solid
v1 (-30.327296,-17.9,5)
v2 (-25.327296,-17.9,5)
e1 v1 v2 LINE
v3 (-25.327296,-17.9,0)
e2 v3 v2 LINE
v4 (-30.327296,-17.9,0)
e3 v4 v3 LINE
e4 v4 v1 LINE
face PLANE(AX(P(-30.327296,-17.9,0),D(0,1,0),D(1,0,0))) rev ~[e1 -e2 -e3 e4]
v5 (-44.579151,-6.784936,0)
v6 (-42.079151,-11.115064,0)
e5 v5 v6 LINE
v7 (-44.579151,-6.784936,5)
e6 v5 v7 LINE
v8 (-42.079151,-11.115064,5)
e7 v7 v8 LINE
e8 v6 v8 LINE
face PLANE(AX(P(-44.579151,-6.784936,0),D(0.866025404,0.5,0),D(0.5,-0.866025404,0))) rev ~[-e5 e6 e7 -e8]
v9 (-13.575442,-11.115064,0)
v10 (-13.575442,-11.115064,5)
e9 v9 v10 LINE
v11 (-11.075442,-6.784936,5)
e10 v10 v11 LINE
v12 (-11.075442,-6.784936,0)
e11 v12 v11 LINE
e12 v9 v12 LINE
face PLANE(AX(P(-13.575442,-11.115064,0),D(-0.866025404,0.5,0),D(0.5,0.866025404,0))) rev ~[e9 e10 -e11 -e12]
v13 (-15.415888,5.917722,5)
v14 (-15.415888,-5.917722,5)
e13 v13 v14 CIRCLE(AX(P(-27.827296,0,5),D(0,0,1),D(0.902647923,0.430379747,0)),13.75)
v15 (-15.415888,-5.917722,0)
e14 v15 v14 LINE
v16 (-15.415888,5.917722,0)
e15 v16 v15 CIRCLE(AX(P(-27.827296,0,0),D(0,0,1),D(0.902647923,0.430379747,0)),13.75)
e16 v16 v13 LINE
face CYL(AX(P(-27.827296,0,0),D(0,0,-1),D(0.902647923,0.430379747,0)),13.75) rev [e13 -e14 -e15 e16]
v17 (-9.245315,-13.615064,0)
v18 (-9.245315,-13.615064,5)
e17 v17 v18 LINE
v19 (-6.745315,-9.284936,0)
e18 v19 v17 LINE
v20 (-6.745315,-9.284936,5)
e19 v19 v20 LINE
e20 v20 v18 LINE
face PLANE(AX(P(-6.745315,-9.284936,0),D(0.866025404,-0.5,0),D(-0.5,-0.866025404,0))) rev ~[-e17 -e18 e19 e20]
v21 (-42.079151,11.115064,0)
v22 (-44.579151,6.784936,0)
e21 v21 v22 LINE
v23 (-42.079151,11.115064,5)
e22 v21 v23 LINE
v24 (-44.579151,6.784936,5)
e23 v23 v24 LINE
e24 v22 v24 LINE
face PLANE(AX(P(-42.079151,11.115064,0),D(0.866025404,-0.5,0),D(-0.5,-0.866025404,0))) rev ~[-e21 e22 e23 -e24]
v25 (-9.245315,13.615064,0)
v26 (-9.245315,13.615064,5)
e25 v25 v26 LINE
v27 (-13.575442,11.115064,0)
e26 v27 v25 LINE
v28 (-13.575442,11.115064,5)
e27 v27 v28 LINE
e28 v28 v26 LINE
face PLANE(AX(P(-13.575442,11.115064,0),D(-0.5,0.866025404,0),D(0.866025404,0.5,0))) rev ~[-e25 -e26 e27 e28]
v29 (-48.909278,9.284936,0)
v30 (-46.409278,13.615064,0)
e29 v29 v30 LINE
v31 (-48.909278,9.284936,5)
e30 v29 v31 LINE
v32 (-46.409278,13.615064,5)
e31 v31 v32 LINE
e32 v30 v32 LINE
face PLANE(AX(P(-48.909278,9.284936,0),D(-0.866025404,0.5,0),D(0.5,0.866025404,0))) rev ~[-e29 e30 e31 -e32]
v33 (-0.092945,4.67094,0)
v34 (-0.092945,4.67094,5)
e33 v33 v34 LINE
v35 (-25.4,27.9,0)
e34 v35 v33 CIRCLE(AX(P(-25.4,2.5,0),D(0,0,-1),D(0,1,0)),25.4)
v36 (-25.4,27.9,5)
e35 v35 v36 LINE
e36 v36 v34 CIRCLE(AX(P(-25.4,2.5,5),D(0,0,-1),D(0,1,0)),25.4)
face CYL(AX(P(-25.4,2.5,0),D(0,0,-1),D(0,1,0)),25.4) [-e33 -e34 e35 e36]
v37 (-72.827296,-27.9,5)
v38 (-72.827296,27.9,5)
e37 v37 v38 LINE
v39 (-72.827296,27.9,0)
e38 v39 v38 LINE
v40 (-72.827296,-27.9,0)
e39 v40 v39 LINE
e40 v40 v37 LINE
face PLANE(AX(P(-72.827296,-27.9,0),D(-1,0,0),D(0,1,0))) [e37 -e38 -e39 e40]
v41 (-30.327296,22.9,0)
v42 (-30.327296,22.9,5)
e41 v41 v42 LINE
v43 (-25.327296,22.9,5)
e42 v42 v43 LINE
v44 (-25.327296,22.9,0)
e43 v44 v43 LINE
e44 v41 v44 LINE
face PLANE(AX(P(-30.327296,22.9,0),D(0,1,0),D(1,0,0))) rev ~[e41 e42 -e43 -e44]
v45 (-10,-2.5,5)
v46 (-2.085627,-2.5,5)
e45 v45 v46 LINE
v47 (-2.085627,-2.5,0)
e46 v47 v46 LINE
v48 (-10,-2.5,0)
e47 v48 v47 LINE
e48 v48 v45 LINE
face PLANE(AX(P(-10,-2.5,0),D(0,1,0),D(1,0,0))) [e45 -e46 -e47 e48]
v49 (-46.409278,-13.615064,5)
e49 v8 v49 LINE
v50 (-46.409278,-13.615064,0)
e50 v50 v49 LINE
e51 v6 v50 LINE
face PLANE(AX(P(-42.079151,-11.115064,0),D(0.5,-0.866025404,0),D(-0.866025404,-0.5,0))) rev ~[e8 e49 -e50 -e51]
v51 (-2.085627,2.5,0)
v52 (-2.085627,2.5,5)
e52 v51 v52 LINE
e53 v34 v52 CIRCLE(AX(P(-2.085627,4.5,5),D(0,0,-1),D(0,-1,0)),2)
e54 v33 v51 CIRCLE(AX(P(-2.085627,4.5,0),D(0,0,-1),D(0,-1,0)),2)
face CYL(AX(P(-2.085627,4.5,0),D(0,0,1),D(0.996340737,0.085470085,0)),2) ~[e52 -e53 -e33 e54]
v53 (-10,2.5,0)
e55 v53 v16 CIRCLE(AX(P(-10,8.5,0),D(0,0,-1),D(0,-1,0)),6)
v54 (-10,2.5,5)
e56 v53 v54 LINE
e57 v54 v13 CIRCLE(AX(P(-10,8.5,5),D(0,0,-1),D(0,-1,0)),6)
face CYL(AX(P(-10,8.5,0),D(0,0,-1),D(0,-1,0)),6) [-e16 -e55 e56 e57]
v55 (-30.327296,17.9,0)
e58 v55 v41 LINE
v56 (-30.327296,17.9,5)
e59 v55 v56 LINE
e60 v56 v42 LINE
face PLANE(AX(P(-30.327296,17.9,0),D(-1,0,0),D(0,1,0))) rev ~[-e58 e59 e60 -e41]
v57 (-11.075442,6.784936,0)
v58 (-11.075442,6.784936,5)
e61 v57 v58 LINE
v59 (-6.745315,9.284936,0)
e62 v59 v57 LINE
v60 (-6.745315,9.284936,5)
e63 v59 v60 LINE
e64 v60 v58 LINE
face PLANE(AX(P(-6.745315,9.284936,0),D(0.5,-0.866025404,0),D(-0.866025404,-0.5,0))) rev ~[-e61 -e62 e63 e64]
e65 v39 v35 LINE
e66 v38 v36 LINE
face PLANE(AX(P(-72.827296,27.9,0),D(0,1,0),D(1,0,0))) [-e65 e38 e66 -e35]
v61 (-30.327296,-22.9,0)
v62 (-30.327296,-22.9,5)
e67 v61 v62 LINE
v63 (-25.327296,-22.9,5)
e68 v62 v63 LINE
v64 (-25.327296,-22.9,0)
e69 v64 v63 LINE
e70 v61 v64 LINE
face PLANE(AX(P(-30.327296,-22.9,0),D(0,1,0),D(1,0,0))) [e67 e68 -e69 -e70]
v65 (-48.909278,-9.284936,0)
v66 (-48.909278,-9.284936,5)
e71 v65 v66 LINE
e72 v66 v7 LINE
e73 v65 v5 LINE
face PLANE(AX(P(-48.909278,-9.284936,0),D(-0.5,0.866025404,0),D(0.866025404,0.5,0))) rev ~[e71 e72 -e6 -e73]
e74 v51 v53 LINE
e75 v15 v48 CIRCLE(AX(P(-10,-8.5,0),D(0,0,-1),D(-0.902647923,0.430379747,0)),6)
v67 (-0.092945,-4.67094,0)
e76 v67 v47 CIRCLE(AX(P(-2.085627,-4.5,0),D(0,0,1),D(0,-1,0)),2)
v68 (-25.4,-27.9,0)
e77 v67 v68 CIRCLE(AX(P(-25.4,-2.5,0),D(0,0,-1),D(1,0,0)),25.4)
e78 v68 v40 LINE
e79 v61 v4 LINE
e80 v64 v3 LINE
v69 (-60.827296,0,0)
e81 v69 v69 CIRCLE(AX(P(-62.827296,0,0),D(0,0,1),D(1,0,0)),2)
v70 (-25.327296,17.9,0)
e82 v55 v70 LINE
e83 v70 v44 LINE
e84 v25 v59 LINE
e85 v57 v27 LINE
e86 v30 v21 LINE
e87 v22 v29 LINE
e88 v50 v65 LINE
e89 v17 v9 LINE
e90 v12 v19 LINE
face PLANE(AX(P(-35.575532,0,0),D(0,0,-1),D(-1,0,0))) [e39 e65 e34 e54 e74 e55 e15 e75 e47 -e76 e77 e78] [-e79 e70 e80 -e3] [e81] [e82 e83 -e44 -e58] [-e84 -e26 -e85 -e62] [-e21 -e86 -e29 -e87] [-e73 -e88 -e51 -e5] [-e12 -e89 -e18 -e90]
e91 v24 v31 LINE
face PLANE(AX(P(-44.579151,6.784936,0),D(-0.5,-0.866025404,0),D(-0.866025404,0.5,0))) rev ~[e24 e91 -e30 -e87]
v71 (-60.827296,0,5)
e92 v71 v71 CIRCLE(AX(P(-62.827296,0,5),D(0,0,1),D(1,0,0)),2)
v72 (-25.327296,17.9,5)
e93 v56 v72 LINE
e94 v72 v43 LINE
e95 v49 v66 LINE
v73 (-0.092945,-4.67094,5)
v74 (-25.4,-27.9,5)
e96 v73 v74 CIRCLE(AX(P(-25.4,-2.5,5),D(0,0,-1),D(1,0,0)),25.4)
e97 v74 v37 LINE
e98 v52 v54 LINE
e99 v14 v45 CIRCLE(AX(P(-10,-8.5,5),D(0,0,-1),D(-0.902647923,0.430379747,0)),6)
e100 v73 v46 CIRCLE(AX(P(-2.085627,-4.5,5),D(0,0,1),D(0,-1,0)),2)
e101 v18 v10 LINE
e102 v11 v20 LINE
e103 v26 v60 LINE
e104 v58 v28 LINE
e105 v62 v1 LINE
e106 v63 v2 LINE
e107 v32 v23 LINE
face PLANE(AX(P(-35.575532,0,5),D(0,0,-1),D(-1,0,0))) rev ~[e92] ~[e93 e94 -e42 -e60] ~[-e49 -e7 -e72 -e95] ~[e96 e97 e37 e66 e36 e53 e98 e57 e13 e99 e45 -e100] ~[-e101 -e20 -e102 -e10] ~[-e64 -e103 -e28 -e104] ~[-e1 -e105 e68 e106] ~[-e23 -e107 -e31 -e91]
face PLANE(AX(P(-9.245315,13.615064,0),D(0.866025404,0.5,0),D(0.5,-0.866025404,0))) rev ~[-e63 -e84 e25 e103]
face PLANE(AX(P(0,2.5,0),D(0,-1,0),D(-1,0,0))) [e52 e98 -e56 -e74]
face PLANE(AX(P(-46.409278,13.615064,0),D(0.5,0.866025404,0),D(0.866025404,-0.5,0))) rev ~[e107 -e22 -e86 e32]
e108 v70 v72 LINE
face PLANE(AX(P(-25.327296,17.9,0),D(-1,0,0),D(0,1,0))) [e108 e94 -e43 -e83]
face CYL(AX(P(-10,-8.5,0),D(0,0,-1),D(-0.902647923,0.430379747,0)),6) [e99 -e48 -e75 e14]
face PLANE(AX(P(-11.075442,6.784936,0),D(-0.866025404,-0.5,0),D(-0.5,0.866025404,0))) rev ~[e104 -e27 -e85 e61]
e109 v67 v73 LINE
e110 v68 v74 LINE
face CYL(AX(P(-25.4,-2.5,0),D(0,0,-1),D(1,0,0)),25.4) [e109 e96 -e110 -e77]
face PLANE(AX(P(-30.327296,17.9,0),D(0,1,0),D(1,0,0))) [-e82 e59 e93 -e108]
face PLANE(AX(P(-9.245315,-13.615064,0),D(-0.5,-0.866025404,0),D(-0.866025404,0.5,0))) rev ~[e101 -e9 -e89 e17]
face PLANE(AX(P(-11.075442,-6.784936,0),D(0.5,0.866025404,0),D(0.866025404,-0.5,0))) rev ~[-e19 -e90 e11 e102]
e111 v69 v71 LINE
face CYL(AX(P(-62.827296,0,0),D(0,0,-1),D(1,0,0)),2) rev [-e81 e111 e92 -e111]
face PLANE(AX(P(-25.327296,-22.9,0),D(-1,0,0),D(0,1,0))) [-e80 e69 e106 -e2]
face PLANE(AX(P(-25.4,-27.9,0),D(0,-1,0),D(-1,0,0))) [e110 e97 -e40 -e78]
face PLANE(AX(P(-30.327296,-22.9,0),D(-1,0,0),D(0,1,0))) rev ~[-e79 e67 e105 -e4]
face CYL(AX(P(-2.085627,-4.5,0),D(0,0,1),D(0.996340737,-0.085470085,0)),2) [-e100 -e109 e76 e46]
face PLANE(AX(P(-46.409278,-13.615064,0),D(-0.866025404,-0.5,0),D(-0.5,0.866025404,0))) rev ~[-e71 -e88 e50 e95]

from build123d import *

# Parameters (mm, degrees)
ESQUISSE1_R        = 2
ESQUISSE1_W        = 5
ESQUISSE1_H        = 5
BOSS_EXTRU_1_DEPTH = 5
CONG_1_R           = 2


with BuildPart() as part:
    # Esquisse1 → Boss.-Extru.1 (new body)
    with BuildSketch(Plane.XY):
        with BuildLine():
            Line((-72.827296486, -27.9), (-72.827296486, 27.9))
            Line((-72.827296486, 27.9), (-25.4, 27.9))
            ThreePointArc((-25.4, 27.9), (-7.439487758, 20.460512242), (0, 2.5))
            Line((0, 2.5), (-10, 2.5))
            ThreePointArc((-10, 2.5), (-13.202056301, 3.42586604), (-15.41588754, 5.917721519))
            ThreePointArc((-15.41588754, 5.917721519), (-41.577296486, 0), (-15.41588754, -5.917721519))
            ThreePointArc((-15.41588754, -5.917721519), (-13.202056301, -3.42586604), (-10, -2.5))
            Line((-10, -2.5), (0, -2.5))
            ThreePointArc((0, -2.5), (-7.439487758, -20.460512242), (-25.4, -27.9))
            Line((-25.4, -27.9), (-72.827296486, -27.9))
        make_face()
        with Locations((-62.827296486, 0)):
            Circle(ESQUISSE1_R, mode=Mode.SUBTRACT)
        with Locations((-27.827296486, 20.4)):
            Rectangle(ESQUISSE1_W, ESQUISSE1_H, mode=Mode.SUBTRACT)
        Polygon((-9.245314739, 13.615063509), (-6.745314739, 9.284936491), (-11.075441758, 6.784936491), (-13.575441758, 11.115063509), align=None, mode=Mode.SUBTRACT)
        Polygon((-6.745314739, -9.284936491), (-9.245314739, -13.615063509), (-13.575441758, -11.115063509), (-11.075441758, -6.784936491), align=None, mode=Mode.SUBTRACT)
        with Locations((-27.827296486, -20.4)):
            Rectangle(ESQUISSE1_W, ESQUISSE1_H, mode=Mode.SUBTRACT)
        Polygon((-46.409278233, -13.615063509), (-48.909278233, -9.284936491), (-44.579151214, -6.784936491), (-42.079151214, -11.115063509), align=None, mode=Mode.SUBTRACT)
        Polygon((-48.909278233, 9.284936491), (-46.409278233, 13.615063509), (-42.079151214, 11.115063509), (-44.579151214, 6.784936491), align=None, mode=Mode.SUBTRACT)
    extrude(amount=BOSS_EXTRU_1_DEPTH)

    # Congé1
    cong_1_edges = [part.edges().sort_by_distance(p)[0] for p in [
        (0, 2.5, 2.5),
        (0, -2.5, 2.5),
    ]]
    fillet(cong_1_edges, radius=CONG_1_R)


solid = part.part
